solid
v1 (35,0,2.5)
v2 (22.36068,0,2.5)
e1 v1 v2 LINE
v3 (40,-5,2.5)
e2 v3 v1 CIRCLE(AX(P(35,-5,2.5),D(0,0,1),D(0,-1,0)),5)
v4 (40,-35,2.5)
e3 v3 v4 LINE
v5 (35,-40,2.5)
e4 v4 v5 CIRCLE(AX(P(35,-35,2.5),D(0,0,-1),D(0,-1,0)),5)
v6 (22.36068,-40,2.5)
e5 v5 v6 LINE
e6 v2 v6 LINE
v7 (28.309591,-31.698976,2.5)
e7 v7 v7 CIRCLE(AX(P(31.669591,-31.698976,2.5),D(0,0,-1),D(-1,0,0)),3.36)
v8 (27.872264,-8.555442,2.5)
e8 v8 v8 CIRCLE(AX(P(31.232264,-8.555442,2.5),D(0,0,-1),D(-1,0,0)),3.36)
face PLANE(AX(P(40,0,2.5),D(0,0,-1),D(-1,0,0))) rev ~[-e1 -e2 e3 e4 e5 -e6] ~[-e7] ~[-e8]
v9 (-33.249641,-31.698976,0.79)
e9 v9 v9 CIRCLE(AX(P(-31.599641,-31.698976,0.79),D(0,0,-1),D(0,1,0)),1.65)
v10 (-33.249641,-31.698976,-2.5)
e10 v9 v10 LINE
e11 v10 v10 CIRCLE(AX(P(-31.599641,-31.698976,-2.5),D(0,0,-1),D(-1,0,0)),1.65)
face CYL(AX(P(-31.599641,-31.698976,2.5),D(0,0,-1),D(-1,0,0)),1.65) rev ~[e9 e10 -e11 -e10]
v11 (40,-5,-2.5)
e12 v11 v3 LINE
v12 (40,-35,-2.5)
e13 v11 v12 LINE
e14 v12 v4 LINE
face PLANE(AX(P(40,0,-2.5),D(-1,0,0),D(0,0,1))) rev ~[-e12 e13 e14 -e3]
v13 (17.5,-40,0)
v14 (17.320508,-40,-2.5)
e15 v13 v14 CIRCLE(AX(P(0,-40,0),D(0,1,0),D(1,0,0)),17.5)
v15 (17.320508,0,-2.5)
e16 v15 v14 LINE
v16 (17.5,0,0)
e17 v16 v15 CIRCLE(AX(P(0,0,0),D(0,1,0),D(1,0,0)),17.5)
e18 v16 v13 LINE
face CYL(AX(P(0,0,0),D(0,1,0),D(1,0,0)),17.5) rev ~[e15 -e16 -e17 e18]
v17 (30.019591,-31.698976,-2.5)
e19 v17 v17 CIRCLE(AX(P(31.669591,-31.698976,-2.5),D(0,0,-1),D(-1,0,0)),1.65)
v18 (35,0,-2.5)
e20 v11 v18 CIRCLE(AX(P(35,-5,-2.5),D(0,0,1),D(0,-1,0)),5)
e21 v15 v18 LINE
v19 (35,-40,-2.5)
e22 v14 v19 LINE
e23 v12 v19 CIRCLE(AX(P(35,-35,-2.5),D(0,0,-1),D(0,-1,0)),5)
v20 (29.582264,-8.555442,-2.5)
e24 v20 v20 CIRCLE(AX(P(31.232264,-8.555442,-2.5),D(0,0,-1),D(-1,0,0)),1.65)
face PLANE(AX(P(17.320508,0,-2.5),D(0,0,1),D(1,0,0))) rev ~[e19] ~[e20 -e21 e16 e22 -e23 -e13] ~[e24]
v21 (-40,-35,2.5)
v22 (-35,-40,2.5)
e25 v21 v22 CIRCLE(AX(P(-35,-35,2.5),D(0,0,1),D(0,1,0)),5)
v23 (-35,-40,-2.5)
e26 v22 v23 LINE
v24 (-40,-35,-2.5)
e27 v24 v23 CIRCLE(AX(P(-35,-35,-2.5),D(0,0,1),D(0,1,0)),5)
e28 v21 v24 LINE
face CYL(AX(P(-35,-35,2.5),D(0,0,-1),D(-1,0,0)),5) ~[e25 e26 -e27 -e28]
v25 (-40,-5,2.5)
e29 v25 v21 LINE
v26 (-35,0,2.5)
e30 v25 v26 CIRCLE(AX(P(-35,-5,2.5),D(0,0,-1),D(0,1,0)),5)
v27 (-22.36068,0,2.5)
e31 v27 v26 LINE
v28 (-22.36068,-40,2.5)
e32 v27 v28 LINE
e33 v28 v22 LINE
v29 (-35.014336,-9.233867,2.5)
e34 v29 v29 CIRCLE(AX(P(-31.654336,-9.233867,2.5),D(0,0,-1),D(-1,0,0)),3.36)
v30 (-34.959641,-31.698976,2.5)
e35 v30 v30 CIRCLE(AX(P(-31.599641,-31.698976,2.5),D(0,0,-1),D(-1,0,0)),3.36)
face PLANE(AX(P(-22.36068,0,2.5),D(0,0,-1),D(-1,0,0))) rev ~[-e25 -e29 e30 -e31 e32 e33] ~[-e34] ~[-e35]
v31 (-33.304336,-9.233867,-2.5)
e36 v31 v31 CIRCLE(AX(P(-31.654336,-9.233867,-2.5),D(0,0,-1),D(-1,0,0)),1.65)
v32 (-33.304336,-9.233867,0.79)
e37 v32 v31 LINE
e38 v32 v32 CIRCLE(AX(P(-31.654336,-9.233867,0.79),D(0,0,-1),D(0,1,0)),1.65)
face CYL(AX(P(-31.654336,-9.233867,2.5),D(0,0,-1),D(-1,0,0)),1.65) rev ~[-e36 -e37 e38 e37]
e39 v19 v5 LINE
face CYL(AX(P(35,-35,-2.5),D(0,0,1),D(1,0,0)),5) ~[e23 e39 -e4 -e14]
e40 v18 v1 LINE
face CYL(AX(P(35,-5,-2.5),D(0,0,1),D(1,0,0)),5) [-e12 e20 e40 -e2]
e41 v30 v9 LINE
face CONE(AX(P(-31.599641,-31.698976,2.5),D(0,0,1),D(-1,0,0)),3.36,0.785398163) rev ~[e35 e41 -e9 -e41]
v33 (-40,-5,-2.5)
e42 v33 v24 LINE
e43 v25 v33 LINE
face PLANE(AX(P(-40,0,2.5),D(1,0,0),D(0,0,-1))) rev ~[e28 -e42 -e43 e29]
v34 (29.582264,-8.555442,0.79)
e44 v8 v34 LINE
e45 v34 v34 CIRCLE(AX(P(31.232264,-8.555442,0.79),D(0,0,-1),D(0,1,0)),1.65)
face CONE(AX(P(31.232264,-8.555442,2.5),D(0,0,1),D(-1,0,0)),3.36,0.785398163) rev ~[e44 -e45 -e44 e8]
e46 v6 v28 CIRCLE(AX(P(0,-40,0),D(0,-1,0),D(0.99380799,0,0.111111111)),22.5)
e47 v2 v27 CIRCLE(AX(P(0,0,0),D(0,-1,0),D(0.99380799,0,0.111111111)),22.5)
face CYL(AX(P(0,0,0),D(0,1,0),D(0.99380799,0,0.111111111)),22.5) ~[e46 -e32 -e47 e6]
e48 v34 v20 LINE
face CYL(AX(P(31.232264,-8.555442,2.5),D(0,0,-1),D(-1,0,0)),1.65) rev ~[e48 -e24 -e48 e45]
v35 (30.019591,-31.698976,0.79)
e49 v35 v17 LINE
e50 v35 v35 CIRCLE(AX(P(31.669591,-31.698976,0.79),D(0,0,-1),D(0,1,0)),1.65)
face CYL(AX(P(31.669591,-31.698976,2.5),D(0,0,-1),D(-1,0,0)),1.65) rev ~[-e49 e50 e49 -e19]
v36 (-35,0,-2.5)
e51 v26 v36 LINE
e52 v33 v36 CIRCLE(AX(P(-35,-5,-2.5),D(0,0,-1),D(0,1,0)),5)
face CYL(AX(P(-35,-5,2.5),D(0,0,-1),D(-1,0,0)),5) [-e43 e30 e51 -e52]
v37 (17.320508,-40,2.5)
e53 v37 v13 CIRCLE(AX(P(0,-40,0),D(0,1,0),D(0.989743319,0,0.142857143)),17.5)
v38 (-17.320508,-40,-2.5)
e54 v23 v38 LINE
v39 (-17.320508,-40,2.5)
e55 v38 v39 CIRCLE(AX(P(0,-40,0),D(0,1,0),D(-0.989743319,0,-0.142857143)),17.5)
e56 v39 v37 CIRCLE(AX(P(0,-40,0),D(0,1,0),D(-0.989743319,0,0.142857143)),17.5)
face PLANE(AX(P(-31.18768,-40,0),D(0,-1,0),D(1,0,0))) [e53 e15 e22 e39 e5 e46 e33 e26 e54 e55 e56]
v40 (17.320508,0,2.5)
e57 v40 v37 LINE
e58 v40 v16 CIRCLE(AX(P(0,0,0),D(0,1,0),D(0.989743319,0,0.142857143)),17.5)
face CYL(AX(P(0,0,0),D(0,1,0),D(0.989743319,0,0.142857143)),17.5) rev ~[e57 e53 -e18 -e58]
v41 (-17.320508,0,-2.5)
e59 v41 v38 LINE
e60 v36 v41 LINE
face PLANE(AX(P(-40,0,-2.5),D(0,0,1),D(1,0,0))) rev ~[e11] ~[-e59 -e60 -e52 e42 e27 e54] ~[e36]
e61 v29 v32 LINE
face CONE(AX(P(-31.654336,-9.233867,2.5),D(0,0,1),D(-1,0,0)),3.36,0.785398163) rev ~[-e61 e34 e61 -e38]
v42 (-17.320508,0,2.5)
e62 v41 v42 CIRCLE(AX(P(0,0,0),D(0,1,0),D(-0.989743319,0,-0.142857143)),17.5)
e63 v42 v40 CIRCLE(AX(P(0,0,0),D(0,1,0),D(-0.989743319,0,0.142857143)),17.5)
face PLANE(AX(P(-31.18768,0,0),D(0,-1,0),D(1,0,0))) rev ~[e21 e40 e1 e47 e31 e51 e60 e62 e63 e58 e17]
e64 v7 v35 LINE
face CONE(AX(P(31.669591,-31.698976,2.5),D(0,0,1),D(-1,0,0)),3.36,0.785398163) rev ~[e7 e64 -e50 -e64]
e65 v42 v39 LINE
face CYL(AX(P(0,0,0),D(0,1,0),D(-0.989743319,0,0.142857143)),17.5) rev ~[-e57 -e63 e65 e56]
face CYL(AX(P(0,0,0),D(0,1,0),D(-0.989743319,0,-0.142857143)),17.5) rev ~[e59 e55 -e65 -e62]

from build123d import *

# Parameters (mm, degrees)
F1_DEPTH       = 40
F2_R           = 5
F4_D           = 3.3
F4_DEPTH       = 13.5
F4_CSINK_D     = 6.72
F4_CSINK_ANGLE = 90
F4_TIP         = 0.9914200214


with BuildPart() as f1:
    # F0 (on Front) → F1 (new body)
    with BuildSketch(Plane.XZ):
        with BuildLine():
            Line((-40, -2.5), (-22.360679775, -2.5))
            ThreePointArc((-22.360679775, -2.5), (-22.5, 0), (-22.360679775, 2.5))
            Line((-22.360679775, 2.5), (-40, 2.5))
            Line((-40, 2.5), (-40, -2.5))
        make_face()
        with BuildLine():
            ThreePointArc((-22.360679775, 2.5), (-22.5, 0), (-22.360679775, -2.5))
            Line((-22.360679775, -2.5), (-17.3205080757, -2.5))
            ThreePointArc((-17.3205080757, -2.5), (-17.5, 0), (-17.3205080757, 2.5))
            Line((-17.3205080757, 2.5), (-22.360679775, 2.5))
        make_face()
        with BuildLine():
            Line((17.3205080757, 2.5), (22.360679775, 2.5))
            ThreePointArc((22.360679775, 2.5), (0, 22.5), (-22.360679775, 2.5))
            Line((-22.360679775, 2.5), (-17.3205080757, 2.5))
            ThreePointArc((-17.3205080757, 2.5), (0, 17.5), (17.3205080757, 2.5))
        make_face()
        with BuildLine():
            Line((17.3205080757, -2.5), (22.360679775, -2.5))
            ThreePointArc((22.360679775, -2.5), (22.4651429434, -1.2519395078), (22.5, 0))
            ThreePointArc((22.5, 0), (22.4651429434, 1.2519395078), (22.360679775, 2.5))
            Line((22.360679775, 2.5), (17.3205080757, 2.5))
            ThreePointArc((17.3205080757, 2.5), (17.4550693399, 1.2532175939), (17.5, 0))
            ThreePointArc((17.5, 0), (17.4550693399, -1.2532175939), (17.3205080757, -2.5))
        make_face()
        with BuildLine():
            Line((22.360679775, -2.5), (40, -2.5))
            Line((40, -2.5), (40, 2.5))
            Line((40, 2.5), (22.360679775, 2.5))
            ThreePointArc((22.360679775, 2.5), (22.4651429434, 1.2519395078), (22.5, 0))
            ThreePointArc((22.5, 0), (22.4651429434, -1.2519395078), (22.360679775, -2.5))
        make_face()
    extrude(amount=F1_DEPTH)

    # F2
    f2_edges = [f1.edges().sort_by_distance(p)[0] for p in [
        (-40, -40, 0),
        (-40, 0, 0),
        (40, -40, 0),
        (40, 0, 0),
    ]]
    fillet(f2_edges, radius=F2_R)

    # F4
    with Locations(Plane.XY.offset(2.5)):
        with Locations((-31.6543355584, -9.2338668182), (-31.5996408463, -31.6989757121), (31.2322638929, -8.5554420948), (31.6695906222, -31.6989757121)):
            CounterSinkHole(F4_D / 2, F4_CSINK_D / 2, depth=F4_DEPTH, counter_sink_angle=F4_CSINK_ANGLE)
            with Locations((0, 0, -(F4_DEPTH + F4_TIP / 2))):  # 118° drill point
                Cone(0, F4_D / 2, F4_TIP, mode=Mode.SUBTRACT)


solid = f1.part
